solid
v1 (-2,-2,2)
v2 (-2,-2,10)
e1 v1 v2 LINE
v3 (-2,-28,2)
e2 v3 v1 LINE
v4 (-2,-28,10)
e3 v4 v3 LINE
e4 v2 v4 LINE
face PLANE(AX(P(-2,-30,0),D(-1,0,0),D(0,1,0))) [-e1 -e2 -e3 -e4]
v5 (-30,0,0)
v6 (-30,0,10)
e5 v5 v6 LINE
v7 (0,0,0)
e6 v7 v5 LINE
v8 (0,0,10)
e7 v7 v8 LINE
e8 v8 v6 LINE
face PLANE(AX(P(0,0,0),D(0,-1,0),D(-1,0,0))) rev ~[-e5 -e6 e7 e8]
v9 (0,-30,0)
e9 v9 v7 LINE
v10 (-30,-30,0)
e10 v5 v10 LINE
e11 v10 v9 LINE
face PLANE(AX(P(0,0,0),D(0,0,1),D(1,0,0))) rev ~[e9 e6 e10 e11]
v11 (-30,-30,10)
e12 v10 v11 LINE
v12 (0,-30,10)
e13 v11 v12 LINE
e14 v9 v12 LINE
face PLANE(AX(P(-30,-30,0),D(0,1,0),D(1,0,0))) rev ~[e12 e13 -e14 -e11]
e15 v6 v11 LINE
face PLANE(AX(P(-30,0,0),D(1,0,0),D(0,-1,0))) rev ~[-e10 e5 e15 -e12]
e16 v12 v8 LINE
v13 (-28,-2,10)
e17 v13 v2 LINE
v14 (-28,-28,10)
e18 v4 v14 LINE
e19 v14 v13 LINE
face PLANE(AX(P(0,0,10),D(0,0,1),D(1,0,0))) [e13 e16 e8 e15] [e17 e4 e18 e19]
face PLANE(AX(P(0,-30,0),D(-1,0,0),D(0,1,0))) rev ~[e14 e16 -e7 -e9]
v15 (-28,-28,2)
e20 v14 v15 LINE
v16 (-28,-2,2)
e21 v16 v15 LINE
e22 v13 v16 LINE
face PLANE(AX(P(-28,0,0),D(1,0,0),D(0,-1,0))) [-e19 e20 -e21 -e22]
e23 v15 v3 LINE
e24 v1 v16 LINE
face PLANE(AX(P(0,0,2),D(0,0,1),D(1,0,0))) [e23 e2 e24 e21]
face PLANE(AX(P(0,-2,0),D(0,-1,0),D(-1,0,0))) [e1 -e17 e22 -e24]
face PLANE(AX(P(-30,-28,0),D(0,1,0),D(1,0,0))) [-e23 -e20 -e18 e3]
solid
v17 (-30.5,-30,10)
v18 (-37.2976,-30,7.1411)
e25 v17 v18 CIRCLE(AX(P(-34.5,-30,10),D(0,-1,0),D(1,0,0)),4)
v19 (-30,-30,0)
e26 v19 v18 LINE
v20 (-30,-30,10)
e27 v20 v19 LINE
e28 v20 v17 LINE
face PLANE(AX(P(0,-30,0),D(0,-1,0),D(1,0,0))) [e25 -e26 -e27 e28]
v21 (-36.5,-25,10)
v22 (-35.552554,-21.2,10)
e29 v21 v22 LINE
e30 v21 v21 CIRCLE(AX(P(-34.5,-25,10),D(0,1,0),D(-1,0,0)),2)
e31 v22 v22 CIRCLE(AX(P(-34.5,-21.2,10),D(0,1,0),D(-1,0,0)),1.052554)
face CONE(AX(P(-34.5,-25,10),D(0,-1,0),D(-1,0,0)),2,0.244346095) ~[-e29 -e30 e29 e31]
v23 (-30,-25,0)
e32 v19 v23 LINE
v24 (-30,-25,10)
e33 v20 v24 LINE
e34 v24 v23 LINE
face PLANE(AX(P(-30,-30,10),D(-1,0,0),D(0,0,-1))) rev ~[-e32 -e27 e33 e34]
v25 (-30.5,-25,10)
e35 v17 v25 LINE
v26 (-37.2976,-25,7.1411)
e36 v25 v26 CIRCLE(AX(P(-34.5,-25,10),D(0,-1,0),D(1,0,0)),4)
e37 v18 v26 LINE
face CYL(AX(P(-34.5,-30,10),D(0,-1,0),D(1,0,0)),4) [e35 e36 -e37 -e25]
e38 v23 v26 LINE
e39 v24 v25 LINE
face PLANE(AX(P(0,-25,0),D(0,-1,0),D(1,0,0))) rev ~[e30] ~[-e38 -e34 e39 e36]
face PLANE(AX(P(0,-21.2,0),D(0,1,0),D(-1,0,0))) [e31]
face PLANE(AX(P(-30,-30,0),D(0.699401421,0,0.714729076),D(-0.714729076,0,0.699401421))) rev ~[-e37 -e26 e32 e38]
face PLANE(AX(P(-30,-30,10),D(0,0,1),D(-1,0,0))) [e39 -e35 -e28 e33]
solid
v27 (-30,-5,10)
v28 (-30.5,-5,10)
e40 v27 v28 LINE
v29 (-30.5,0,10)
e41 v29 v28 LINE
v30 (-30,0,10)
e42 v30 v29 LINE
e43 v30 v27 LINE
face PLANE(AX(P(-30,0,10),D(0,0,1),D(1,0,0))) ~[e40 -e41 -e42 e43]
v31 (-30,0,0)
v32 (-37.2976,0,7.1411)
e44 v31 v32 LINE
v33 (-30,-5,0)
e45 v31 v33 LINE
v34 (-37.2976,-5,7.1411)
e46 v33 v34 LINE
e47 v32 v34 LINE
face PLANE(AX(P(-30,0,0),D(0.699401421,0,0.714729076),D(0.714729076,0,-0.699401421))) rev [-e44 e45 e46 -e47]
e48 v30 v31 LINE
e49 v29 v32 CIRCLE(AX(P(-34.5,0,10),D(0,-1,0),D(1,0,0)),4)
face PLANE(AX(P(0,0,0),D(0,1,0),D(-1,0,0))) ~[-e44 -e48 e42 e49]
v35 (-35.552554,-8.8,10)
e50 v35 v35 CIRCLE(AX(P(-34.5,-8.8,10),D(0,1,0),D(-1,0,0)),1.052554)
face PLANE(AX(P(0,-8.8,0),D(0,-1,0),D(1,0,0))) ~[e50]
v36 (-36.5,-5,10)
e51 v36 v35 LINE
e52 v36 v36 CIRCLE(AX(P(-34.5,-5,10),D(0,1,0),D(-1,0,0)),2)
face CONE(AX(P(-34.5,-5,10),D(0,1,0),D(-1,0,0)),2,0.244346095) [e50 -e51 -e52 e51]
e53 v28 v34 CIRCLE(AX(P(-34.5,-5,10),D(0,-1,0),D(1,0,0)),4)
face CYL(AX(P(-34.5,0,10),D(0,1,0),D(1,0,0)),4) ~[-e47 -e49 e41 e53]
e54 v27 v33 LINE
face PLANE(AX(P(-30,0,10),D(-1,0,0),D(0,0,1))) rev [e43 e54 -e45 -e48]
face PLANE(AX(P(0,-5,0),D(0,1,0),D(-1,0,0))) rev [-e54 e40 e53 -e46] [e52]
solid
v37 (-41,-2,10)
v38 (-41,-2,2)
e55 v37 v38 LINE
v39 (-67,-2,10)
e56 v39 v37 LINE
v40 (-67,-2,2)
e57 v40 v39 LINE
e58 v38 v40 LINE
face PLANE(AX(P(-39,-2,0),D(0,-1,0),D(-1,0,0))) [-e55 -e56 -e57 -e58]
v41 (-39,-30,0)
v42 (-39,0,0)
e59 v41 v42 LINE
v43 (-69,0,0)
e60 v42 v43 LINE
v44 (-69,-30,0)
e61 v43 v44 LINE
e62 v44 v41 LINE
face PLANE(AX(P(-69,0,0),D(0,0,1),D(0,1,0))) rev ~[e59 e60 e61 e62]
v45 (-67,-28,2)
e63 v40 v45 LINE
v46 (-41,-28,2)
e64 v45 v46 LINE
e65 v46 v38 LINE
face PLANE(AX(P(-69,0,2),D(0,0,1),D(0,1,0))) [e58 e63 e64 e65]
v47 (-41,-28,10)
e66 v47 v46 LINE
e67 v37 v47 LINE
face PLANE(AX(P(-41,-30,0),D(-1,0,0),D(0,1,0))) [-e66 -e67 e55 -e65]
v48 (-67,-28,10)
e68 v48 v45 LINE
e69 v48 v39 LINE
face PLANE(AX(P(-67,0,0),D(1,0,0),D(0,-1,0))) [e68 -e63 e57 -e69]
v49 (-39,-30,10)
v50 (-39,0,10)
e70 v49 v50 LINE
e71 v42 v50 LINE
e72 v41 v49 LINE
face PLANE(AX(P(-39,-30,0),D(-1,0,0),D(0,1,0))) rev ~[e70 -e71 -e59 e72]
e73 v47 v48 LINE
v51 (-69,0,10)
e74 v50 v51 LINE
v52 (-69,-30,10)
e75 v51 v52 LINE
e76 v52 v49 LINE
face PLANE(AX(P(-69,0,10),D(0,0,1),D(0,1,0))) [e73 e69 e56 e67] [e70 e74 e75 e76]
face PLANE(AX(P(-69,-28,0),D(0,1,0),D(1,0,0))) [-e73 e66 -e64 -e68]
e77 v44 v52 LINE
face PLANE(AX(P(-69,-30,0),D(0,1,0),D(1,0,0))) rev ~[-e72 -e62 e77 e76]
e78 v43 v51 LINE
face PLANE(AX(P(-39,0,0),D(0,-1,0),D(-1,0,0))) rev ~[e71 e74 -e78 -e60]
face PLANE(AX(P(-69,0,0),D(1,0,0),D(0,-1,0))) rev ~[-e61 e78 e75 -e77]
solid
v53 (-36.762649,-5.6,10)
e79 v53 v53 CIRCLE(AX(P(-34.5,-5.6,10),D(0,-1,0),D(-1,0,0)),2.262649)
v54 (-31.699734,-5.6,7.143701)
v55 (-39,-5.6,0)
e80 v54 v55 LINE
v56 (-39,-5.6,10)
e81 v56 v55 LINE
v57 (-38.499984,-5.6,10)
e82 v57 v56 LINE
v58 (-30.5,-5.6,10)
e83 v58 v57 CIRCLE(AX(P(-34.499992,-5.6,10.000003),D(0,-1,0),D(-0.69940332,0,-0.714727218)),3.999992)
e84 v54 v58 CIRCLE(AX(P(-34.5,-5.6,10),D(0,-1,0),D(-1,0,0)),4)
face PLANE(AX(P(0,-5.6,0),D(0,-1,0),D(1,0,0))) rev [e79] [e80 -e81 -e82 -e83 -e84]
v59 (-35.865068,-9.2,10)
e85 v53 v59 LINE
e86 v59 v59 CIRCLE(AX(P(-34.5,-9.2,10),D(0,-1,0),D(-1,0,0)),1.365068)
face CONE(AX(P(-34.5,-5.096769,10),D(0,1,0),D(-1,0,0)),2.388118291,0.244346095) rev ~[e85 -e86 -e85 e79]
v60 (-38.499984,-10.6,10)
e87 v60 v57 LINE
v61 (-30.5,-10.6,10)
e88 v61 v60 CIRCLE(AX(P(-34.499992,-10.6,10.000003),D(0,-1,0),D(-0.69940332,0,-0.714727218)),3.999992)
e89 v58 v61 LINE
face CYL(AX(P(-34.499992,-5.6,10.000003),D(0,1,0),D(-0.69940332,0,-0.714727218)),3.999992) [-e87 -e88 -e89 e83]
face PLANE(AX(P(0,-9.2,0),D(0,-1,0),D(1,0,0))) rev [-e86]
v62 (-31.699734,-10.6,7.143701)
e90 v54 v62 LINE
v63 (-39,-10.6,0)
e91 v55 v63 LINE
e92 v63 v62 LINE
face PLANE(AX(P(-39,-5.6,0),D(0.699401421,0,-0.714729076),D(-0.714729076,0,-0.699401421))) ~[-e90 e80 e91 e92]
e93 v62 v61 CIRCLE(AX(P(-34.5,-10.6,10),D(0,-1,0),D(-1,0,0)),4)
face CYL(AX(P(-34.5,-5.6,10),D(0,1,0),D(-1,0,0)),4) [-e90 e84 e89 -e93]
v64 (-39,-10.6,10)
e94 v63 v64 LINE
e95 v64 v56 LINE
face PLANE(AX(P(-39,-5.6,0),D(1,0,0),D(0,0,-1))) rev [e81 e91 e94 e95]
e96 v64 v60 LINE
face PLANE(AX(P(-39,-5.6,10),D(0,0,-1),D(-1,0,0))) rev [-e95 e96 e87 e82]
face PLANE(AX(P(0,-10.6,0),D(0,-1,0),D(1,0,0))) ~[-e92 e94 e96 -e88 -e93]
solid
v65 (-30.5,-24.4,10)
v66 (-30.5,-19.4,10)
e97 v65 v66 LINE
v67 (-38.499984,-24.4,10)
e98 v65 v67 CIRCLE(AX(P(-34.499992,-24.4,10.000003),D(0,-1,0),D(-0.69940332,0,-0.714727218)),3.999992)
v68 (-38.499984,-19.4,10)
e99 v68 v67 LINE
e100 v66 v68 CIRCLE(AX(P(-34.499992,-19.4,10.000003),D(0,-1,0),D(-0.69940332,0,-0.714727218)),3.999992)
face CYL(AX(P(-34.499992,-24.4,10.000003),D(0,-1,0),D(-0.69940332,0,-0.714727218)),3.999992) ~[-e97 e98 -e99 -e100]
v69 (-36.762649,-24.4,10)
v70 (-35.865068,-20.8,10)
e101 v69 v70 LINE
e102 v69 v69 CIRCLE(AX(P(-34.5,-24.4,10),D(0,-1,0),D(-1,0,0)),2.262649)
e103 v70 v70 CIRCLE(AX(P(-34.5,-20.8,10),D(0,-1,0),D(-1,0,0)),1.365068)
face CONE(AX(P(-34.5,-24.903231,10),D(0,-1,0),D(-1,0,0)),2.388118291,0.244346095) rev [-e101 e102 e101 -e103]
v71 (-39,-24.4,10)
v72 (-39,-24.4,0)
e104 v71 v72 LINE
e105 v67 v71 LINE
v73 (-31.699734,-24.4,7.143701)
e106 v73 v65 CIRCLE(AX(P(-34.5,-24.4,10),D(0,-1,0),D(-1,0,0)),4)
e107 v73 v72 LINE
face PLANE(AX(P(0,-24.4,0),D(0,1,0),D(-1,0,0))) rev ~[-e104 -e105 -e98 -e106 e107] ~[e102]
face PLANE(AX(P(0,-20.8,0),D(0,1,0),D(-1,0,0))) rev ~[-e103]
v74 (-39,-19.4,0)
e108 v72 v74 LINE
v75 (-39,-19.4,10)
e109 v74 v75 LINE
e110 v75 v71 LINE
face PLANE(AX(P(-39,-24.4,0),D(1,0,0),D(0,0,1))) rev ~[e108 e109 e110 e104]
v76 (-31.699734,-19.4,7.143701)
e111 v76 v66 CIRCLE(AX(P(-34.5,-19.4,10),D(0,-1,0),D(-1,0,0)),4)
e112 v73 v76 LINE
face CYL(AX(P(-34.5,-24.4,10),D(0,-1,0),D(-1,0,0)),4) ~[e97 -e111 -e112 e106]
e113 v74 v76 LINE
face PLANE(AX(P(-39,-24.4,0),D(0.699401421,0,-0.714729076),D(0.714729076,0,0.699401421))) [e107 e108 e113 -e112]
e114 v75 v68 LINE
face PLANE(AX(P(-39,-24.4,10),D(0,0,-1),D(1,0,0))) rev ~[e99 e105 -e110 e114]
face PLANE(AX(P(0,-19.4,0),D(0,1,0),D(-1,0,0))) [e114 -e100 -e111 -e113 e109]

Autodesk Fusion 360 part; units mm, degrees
sketch "Box Width" plane through (0, 0, 0) normal (0, 0, 1) x (1, 0, 0) in component "BoxTop"
  line L0 (0, 0) -> (-30, 0)
  line L1 (-30, 0) -> (-30, -30)
  line L2 (-30, -30) -> (0, -30)
  line L3 (0, -30) -> (0, 0)
  dimension "d3_1" = 30
  dimension "d4_1" = 30
extrude "Extrude1" add sketch "Box Width" along normal blind 10 makes body 1 in component "BoxTop"
shell "Shell1" thickness 2 removed faces 1 at (-20, -10, 10) on bodies 1 in component "BoxTop"
sketch "Box Width (2)" plane through (0, 0, 0) normal (0, 0, 1) x (1, 0, 0) in component "BoxBottom (1)"
  line L0 (0, 0) -> (-30, 0)
  line L1 (-30, 0) -> (-30, -30)
  line L2 (-30, -30) -> (0, -30)
  line L3 (0, -30) -> (0, 0)
  dimension "d3_2" = 30
  dimension "d4_2" = 30
extrude "Extrude1'" add sketch "Box Width (2)" along normal blind 10 separate body makes body 2 in component "BoxBottom (1)"
shell "Shell1'" thickness 2 removed faces 1 at (-20, -10, 10) on bodies 2 in component "BoxBottom (1)"
sketch "Sketch1" plane through (0, -30, 0) normal (0, -1, 0) x (1, 0, 0)
  line L0 (-30, 0) -> (0, 0)
  line L1 (0, 0) -> (0, 10)
  line L2 (0, 10) -> (-30, 10)
  line L3 (-30, 10) -> (-30, 0)
  line L4 (-30, 10) -> (-34.5, 10)
  circle A0 centre (-34.5, 10) radius 4
  line L5 (-30, 0) -> (-37.2976, 7.1411)
  dimension "d5" = 4.5
  dimension "d6" = 8
extrude "Extrude1''" add sketch "Sketch1" against normal blind 5 separate body contours L3 L4 A0 L5 | A0 makes body 3
sketch "Sketch2" plane through (0, -25, 0) normal (0, 1, 0) x (-1, 0, 0)
  line L0 (30.5, 10) -> (30, 10)
  line L1 (30, 10) -> (30, 0)
  line L2 (30, 0) -> (37.2976, 7.1411)
  arc A0 (37.2976, 7.1411) -> (30.5, 10) centre (34.5, 10) ccw
  arc A1 (37.2976, 7.1411) -> (30.5, 10) centre (34.5, 10) ccw
  circle A2 centre (34.5, 10) radius 2
  dimension "d9" = 4
extrude "Extrude2" add sketch "Sketch2" along normal blind 3.8 draft -14 contours A2 bodies 3
sketch "Sketch3" plane through (0, -25, 0) normal (0, 1, 0) x (-1, 0, 0)
  circle A0 centre (34.5, 10) radius 2
  line L0 (30.5, 10) -> (30, 10)
  line L1 (30, 10) -> (30, 0)
  line L2 (30, 0) -> (37.2976, 7.1411)
  arc A1 (37.2976, 7.1411) -> (30.5, 10) centre (34.5, 10) ccw
  line L3 (39, 10) -> (38.5, 10)
  circle A2 centre (34.5, 10) radius 4
  line L4 (39, 0) -> (31.7024, 7.1411)
  line L5 (39, 0) -> (39, 10)
extrude "Extrude3" add sketch "Sketch3" along normal blind 5 from surface at 0.6 separate body contours A0 | A1 A2 | L2 A1 L3 A2 L4 L5 | L2 A2 L4 makes body 4
combine "Combine1" operation cut target body 4 tool bodies 3 keep tools
move_face "OffsetFaces1" offset -0.4 2 faces at (-34.2272, -21.2, 10.3421) (-34.3717, -23.8667, 11.7126) on bodies 4
ref_plane "WorkPlane1" through (-15, -15, 5) normal (0, -1, 0) x (1, 0, 0)
mirror "Mirror1" about plane through (-15, -15, 5) normal (0, -1, 0) of bodies 4 makes body 5
mirror "Mirror2" about plane through (-15, -15, 5) normal (0, -1, 0) of bodies 3 makes body 6
component "BoxTop" placed x (0, 1, 0) y (-1, 0, 0) z (0, 0, 1) at (-69, 0, 0)
component "BoxBottom (1)" placed x (1, 0, 0) y (0, 1, 0) z (0, 0, 1) at (0, 0, 0)
equation "d3_1 = Boxwidth_1"
equation "d4_1 = Boxwidth_1"
equation "d5_1 = Boxheight_1 / 2"
equation "Wallthickness_1 = 2 mm"
equation "Boxwidth_1 = 30 mm"
equation "Boxheight_1 = 20 mm"
equation "d3_2 = Boxwidth_2"
equation "d4_2 = Boxwidth_2"
equation "d5_2 = Boxheight_2 / 2"
equation "Wallthickness_2 = 2 mm"
equation "Boxwidth_2 = 30 mm"
equation "Boxheight_2 = 20 mm"
